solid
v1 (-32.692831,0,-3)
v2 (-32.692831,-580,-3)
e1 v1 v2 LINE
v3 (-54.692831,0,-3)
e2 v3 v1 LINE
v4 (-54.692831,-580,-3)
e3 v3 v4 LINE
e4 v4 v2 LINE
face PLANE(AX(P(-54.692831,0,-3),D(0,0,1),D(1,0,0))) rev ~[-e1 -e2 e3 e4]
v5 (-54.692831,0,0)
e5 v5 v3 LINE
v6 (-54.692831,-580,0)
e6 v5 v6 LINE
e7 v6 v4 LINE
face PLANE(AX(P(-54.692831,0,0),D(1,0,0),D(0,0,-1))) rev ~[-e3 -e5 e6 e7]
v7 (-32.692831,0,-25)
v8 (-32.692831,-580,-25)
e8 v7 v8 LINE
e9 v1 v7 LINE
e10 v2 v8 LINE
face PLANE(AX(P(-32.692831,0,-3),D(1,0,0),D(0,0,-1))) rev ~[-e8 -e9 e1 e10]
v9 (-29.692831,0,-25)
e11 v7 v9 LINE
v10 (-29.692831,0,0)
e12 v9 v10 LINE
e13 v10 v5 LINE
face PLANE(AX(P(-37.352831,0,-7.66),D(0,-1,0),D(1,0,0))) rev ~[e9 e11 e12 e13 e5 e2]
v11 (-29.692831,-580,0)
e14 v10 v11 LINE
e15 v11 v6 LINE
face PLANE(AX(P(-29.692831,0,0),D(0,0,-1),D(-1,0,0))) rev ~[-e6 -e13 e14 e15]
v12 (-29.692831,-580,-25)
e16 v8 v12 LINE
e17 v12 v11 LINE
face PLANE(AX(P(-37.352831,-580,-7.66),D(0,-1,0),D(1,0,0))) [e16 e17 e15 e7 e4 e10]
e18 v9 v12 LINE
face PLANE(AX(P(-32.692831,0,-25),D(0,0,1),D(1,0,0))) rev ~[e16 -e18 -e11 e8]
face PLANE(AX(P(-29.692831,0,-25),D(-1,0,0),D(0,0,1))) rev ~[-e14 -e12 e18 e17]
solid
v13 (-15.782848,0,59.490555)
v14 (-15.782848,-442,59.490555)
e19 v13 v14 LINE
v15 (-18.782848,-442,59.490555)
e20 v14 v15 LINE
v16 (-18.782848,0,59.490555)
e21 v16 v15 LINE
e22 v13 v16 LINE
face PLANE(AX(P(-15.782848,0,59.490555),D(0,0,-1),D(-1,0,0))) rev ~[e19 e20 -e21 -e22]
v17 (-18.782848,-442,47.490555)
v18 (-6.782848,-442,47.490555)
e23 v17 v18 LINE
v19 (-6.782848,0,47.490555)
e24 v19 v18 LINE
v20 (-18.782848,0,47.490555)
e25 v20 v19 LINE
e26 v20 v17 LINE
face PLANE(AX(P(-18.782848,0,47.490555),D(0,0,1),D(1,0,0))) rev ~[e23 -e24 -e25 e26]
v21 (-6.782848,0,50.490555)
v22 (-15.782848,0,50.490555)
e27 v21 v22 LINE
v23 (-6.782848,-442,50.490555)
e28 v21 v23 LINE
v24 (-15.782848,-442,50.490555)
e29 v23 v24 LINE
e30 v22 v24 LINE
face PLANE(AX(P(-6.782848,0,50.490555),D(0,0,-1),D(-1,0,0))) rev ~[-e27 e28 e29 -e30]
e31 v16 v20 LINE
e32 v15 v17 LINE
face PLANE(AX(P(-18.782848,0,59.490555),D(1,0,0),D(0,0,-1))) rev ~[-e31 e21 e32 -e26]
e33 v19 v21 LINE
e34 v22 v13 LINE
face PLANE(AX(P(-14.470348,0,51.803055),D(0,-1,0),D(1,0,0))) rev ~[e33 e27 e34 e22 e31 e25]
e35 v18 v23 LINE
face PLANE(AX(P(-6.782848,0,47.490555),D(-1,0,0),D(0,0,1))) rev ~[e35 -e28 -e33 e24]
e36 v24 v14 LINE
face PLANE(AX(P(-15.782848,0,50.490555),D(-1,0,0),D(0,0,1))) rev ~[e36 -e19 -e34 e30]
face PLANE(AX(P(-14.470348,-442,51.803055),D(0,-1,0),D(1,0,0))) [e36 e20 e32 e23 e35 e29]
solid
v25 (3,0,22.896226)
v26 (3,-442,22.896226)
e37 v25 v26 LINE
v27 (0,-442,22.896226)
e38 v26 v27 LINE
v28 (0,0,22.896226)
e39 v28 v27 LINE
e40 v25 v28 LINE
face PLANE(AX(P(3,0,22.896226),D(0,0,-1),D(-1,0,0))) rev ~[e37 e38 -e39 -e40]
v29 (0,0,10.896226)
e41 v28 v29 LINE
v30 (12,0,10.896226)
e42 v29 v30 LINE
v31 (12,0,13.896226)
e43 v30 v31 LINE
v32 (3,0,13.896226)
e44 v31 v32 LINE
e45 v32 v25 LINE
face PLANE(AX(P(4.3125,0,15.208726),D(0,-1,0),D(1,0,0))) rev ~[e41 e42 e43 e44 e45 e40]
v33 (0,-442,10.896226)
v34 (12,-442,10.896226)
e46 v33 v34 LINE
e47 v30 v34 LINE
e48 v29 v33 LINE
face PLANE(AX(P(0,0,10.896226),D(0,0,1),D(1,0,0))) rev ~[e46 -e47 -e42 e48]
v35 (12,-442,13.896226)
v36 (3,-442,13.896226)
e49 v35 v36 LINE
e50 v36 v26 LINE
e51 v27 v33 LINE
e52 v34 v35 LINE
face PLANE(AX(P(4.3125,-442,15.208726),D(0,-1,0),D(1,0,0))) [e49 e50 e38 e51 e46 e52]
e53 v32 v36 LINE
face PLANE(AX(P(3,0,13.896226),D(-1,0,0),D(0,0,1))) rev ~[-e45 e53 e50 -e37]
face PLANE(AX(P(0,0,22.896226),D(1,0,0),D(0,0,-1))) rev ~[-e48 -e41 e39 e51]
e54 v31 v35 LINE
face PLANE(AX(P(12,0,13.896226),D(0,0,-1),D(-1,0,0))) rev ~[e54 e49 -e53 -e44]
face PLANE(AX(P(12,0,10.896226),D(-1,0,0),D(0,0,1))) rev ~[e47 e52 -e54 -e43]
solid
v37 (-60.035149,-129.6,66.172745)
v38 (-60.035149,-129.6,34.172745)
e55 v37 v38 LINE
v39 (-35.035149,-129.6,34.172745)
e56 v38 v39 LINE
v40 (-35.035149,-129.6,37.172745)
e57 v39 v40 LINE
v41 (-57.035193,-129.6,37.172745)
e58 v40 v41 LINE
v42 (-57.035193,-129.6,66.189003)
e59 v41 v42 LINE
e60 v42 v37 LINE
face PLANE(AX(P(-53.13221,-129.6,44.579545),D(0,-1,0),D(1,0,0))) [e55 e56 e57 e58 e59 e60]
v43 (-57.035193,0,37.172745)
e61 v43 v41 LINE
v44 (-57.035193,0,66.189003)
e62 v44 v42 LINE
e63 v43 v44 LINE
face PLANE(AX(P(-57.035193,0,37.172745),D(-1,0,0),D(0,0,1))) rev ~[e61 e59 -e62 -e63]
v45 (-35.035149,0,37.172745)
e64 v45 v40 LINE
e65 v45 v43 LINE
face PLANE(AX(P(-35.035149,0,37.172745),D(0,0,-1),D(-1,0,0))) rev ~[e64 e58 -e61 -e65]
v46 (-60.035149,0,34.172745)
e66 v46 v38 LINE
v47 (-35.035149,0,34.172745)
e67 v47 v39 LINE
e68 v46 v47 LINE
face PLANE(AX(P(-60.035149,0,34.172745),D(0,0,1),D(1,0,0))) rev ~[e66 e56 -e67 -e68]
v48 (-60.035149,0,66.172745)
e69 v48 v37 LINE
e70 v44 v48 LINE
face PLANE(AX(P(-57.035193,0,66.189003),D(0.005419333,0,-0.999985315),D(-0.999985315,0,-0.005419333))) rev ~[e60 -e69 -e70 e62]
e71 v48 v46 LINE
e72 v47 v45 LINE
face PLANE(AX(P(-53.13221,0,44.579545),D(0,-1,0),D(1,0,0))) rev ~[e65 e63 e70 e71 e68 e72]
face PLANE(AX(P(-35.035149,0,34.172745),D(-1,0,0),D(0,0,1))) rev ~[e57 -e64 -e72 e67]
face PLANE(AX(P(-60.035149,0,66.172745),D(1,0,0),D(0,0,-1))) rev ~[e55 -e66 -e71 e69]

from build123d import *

# Parameters (mm, degrees)
F1_DEPTH = 129.6
F3_DEPTH = 442
F5_DEPTH = 442
F7_DEPTH = 580


with BuildPart() as f1:
    # F0 (on Front) → F1 (new body)
    with BuildSketch(Plane.XZ):
        Polygon((-57.035193, 66.189003), (-60.035149, 66.172745), (-60.035149, 34.172745), (-35.035149, 34.172745), (-35.035149, 37.172745), (-57.035193, 37.172745), align=None)
    extrude(amount=F1_DEPTH)


with BuildPart() as f3:
    # F2 (on Front) → F3 (new body)
    with BuildSketch(Plane.XZ):
        Polygon((0, 22.896226), (0, 10.896226), (12, 10.896226), (12, 13.896226), (3, 13.896226), (3, 22.896226), align=None)
    extrude(amount=F3_DEPTH)


with BuildPart() as f5:
    # F4 (on Front) → F5 (new body)
    with BuildSketch(Plane.XZ):
        Polygon((-15.782848, 59.490555), (-18.782848, 59.490555), (-18.782848, 47.490555), (-6.782848, 47.490555), (-6.782848, 50.490555), (-15.782848, 50.490555), align=None)
    extrude(amount=F5_DEPTH)


with BuildPart() as f7:
    # F6 (on Front) → F7 (new body)
    with BuildSketch(Plane.XZ):
        Polygon((-29.692831, 0), (-54.692831, 0), (-54.692831, -3), (-32.692831, -3), (-32.692831, -25), (-29.692831, -25), align=None)
    extrude(amount=F7_DEPTH)


solid = Compound([f1.part, f3.part, f5.part, f7.part])
